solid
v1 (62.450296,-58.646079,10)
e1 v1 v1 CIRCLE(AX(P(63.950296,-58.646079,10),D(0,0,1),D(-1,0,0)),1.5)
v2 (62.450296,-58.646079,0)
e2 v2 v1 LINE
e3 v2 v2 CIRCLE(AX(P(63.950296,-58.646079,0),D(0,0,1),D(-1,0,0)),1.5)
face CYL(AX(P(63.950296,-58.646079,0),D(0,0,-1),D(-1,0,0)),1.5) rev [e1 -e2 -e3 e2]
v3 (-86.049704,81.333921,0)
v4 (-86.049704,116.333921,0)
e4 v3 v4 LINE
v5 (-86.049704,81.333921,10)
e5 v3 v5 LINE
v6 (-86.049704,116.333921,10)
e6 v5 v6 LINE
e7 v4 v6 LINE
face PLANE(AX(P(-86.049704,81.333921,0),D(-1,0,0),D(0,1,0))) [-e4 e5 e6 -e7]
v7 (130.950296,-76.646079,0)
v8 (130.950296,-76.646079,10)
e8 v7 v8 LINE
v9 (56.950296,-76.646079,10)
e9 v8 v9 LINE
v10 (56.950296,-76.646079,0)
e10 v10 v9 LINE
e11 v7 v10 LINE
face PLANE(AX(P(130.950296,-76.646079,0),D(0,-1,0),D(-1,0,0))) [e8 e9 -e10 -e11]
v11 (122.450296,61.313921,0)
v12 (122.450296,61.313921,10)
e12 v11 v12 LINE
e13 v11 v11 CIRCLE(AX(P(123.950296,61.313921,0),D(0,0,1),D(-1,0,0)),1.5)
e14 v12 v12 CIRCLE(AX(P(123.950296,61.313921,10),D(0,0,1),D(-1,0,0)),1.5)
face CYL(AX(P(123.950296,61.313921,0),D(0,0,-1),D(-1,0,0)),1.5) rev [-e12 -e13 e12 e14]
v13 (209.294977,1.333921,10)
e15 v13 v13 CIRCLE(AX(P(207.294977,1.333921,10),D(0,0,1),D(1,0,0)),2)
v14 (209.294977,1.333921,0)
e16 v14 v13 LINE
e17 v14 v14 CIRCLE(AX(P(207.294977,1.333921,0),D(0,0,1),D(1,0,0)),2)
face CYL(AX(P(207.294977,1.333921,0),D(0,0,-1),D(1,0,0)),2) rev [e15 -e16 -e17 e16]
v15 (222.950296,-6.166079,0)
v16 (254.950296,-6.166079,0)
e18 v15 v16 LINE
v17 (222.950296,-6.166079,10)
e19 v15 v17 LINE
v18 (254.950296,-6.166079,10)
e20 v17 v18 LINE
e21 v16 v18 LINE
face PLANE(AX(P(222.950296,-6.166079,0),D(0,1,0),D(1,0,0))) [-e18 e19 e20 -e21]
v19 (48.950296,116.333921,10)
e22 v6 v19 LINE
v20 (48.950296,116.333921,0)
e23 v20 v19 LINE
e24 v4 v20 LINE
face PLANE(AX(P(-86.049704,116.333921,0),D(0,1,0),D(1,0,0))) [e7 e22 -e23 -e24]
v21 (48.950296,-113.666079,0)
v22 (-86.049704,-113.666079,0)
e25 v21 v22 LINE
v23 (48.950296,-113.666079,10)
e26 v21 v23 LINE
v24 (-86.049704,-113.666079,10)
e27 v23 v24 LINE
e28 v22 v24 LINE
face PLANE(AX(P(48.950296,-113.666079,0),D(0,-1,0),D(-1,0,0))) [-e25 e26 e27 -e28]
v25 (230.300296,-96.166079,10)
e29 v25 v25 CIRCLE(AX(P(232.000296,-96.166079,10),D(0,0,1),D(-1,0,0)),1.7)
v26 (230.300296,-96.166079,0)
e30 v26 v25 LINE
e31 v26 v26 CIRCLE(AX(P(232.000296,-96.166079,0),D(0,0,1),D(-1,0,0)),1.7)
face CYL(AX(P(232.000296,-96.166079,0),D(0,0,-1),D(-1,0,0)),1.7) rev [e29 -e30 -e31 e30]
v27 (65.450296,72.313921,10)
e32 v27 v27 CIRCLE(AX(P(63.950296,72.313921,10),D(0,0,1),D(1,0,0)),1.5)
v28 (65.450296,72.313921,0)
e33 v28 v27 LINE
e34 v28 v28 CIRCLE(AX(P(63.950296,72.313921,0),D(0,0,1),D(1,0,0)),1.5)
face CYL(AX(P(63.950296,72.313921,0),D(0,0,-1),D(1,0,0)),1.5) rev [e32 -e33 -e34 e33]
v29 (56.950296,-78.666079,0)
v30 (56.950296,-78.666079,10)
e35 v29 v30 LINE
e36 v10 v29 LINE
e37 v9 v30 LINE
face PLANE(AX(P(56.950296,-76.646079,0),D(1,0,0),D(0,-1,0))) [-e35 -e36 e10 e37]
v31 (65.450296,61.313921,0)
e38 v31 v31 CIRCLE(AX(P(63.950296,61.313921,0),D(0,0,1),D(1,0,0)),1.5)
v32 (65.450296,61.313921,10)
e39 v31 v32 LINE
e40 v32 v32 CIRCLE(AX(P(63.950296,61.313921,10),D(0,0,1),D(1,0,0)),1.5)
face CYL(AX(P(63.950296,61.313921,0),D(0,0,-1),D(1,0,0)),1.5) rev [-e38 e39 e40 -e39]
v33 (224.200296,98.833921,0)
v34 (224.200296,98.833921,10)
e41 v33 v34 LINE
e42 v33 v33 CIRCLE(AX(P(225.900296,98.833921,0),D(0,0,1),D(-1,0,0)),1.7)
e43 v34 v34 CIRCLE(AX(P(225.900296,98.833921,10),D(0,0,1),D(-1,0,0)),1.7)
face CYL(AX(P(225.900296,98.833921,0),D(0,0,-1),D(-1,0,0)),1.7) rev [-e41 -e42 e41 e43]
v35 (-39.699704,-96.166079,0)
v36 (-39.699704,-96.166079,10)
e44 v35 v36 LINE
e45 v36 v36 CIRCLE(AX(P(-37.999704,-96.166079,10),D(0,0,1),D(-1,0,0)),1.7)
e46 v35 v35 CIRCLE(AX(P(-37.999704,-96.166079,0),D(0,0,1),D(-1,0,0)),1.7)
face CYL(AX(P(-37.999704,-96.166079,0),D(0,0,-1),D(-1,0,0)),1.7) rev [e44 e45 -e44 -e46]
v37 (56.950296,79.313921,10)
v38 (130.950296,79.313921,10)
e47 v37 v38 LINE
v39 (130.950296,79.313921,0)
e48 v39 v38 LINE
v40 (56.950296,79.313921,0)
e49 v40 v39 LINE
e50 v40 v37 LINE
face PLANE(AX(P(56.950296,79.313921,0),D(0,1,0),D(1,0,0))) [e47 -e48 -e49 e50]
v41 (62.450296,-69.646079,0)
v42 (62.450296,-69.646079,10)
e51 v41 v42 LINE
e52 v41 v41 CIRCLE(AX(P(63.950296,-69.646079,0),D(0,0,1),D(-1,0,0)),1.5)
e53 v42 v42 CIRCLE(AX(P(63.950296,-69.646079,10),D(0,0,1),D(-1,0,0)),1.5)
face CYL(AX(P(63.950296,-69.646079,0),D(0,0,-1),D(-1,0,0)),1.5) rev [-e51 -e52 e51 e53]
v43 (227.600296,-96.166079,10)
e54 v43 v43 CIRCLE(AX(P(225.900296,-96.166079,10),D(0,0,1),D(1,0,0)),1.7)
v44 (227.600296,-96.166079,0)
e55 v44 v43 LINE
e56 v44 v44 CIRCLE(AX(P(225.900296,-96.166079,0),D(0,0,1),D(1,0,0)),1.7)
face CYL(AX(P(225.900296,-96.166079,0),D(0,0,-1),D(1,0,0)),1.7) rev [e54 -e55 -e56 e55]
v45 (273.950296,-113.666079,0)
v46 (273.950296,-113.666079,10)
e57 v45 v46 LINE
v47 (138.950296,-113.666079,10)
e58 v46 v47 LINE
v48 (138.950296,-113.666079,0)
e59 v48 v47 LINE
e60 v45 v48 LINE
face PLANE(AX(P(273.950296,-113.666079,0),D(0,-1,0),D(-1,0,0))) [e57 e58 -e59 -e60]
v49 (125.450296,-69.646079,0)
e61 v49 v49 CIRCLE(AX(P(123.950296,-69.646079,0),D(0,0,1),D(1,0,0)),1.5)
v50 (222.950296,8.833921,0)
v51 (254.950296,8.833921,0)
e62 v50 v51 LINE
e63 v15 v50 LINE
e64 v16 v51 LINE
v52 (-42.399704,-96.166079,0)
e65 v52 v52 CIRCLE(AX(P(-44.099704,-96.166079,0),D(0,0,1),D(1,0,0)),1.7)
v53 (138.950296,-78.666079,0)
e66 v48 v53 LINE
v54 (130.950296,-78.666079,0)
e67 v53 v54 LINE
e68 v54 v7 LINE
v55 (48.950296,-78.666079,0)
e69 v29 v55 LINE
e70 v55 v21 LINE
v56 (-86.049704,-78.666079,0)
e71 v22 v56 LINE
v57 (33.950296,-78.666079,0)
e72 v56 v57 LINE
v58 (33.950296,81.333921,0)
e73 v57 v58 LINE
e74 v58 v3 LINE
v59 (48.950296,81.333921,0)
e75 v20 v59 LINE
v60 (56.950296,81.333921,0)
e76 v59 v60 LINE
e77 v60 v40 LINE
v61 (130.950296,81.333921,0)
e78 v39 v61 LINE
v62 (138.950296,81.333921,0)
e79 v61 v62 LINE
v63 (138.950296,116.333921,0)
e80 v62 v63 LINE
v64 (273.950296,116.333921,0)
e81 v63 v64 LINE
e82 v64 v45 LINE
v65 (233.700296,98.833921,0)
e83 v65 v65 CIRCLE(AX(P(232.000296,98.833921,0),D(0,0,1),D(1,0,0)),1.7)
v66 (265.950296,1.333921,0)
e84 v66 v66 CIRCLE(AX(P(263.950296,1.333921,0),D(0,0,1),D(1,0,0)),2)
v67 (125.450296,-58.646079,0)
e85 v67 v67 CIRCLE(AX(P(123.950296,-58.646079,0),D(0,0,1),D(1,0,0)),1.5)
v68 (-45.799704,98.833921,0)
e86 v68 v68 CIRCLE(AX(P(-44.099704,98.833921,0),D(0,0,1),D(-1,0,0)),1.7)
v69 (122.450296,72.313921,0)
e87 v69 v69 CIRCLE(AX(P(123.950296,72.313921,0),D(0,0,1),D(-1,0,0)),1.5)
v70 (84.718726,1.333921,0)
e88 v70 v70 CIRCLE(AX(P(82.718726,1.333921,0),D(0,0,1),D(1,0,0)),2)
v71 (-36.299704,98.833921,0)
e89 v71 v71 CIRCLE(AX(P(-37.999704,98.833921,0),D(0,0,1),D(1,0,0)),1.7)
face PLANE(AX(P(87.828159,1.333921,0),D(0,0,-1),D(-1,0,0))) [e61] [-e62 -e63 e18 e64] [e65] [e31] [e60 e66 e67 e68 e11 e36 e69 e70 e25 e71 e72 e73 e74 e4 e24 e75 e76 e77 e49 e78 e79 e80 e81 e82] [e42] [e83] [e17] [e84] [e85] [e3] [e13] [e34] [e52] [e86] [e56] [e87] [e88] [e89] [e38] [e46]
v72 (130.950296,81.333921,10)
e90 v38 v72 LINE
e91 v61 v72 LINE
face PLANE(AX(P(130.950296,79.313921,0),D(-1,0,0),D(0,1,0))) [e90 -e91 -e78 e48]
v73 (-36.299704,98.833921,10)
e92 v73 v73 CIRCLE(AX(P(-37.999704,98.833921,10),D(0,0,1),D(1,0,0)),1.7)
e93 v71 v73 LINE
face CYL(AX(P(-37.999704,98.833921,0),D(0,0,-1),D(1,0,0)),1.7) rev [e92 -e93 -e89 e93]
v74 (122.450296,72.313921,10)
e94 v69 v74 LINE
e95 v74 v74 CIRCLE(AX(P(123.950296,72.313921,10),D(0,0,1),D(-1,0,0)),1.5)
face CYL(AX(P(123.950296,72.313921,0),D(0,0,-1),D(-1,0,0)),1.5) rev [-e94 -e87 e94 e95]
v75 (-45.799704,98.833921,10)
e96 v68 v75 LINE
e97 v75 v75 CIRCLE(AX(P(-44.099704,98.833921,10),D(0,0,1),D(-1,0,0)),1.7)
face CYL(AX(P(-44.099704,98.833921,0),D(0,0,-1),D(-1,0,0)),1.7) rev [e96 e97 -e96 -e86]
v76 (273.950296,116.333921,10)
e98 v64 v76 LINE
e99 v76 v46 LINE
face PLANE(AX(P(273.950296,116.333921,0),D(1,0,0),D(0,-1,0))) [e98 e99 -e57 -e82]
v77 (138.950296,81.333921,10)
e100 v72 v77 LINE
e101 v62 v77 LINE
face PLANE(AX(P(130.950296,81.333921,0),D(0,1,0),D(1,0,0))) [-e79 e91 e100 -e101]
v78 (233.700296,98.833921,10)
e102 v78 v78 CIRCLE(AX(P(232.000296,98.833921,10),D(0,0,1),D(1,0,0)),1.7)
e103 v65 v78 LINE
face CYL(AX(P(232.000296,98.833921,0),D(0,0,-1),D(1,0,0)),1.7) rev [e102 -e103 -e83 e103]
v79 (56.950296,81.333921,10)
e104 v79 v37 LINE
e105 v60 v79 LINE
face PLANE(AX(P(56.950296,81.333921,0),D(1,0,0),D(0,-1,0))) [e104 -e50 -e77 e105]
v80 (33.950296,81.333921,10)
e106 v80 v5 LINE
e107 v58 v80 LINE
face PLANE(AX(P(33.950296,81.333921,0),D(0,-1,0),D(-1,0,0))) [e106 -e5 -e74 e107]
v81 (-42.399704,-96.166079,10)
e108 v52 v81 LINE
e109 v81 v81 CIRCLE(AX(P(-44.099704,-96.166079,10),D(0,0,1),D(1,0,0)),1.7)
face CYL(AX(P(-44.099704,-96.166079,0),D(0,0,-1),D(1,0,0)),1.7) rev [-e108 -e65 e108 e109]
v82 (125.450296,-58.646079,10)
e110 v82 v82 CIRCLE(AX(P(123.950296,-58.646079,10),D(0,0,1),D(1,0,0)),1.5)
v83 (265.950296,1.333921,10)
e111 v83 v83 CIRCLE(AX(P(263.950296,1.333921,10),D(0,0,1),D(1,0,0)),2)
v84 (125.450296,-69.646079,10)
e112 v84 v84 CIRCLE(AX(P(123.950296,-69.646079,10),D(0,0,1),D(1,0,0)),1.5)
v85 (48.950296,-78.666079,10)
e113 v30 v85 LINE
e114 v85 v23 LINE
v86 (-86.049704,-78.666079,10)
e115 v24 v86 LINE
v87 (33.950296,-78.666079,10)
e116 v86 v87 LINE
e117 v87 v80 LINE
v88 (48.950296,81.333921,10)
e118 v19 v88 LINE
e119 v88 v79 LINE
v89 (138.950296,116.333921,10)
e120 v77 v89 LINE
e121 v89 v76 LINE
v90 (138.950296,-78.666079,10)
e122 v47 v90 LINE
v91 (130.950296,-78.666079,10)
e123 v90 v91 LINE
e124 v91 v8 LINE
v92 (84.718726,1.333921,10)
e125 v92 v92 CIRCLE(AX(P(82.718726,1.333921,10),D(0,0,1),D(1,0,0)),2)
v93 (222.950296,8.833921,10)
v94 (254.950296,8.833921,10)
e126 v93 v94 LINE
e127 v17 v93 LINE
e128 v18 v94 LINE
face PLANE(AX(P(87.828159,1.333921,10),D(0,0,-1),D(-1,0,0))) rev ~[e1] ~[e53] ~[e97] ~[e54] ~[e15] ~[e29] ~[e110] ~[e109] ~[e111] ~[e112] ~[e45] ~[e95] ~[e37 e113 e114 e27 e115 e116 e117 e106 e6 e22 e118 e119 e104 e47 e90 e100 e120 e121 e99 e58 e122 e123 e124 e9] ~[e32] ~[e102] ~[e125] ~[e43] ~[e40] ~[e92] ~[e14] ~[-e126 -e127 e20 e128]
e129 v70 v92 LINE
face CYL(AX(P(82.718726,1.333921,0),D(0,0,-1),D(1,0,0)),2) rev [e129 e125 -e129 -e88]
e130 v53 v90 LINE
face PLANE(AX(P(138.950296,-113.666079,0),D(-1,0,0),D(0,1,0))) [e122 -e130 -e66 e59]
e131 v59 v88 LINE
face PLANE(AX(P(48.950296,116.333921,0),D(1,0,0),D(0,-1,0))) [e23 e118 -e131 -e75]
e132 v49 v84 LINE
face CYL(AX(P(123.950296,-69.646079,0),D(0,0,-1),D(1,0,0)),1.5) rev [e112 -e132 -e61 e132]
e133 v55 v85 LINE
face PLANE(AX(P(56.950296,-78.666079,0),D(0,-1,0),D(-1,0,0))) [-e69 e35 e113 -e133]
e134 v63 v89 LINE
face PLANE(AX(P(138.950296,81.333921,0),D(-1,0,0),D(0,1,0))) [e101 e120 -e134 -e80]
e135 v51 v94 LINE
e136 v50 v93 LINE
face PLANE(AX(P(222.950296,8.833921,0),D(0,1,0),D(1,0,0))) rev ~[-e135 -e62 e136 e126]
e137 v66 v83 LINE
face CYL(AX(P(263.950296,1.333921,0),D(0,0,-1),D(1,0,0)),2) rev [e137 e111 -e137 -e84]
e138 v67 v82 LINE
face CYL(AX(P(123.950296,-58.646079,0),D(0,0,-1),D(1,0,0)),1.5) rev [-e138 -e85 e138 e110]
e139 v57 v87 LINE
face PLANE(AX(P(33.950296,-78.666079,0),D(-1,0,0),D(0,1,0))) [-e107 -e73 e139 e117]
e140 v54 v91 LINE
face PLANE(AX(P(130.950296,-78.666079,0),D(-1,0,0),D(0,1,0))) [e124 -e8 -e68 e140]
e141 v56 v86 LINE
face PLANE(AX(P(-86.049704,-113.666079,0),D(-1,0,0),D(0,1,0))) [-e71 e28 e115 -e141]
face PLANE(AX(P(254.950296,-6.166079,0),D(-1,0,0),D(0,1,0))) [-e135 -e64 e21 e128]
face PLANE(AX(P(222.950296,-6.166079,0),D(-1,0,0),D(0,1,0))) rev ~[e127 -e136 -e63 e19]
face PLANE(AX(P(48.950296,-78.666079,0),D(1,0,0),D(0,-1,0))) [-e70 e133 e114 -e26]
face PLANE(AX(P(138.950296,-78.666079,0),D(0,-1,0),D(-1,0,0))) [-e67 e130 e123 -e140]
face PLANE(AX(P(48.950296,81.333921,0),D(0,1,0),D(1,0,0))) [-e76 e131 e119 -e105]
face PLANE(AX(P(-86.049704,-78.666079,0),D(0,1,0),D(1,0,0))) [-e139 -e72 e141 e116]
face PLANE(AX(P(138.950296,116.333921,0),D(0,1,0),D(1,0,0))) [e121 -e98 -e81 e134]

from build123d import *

# Parameters (mm, degrees)
SKETCH1_R           = 1.5
SKETCH1_R_2         = 1.7
SKETCH1_R_3         = 2
SKETCH1_W           = 32
SKETCH1_H           = 15
BOSS_EXTRUDE1_DEPTH = 10


with BuildPart() as part:
    # Sketch1 → Boss-Extrude1 (new body)
    with BuildSketch(Plane.XY):
        Polygon((-86.049704166, 116.333921241), (48.950295834, 116.333921241), (48.950295834, 81.333921241), (56.950295834, 81.333921241), (56.950295834, 79.313921241), (130.950295834, 79.313921241), (130.950295834, 81.333921241), (138.950295834, 81.333921241), (138.950295834, 116.333921241), (273.950295834, 116.333921241), (273.950295834, -113.666078759), (138.950295834, -113.666078759), (138.950295834, -78.666078759), (130.950295834, -78.666078759), (130.950295834, -76.646078759), (56.950295834, -76.646078759), (56.950295834, -78.666078759), (48.950295834, -78.666078759), (48.950295834, -113.666078759), (-86.049704166, -113.666078759), (-86.049704166, -78.666078759), (33.950295834, -78.666078759), (33.950295834, 81.333921241), (-86.049704166, 81.333921241), align=None)
        with Locations((63.950295834, 72.313921241)):
            Circle(SKETCH1_R, mode=Mode.SUBTRACT)
        with Locations((63.950295834, 61.313921241)):
            Circle(SKETCH1_R, mode=Mode.SUBTRACT)
        with Locations(Location((123.950295834, 72.313921241, 0), (0, 0, 180))):
            Circle(SKETCH1_R, mode=Mode.SUBTRACT)
        with Locations(Location((123.950295834, 61.313921241, 0), (0, 0, 180))):
            Circle(SKETCH1_R, mode=Mode.SUBTRACT)
        with Locations(Location((63.950295834, -69.646078759, 0), (0, 0, 180))):
            Circle(SKETCH1_R, mode=Mode.SUBTRACT)
        with Locations(Location((63.950295834, -58.646078759, 0), (0, 0, 180))):
            Circle(SKETCH1_R, mode=Mode.SUBTRACT)
        with Locations((123.950295834, -69.646078759)):
            Circle(SKETCH1_R, mode=Mode.SUBTRACT)
        with Locations((123.950295834, -58.646078759)):
            Circle(SKETCH1_R, mode=Mode.SUBTRACT)
        with Locations((-44.099704166, -96.166078759)):
            Circle(SKETCH1_R_2, mode=Mode.SUBTRACT)
        with Locations(Location((-37.999704166, -96.166078759, 0), (0, 0, 180))):
            Circle(SKETCH1_R_2, mode=Mode.SUBTRACT)
        with Locations(Location((-44.099704166, 98.833921241, 0), (0, 0, 180))):
            Circle(SKETCH1_R_2, mode=Mode.SUBTRACT)
        with Locations((-37.999704166, 98.833921241)):
            Circle(SKETCH1_R_2, mode=Mode.SUBTRACT)
        with Locations(Location((232.000295834, -96.166078759, 0), (0, 0, 180))):
            Circle(SKETCH1_R_2, mode=Mode.SUBTRACT)
        with Locations((225.900295834, -96.166078759)):
            Circle(SKETCH1_R_2, mode=Mode.SUBTRACT)
        with Locations(Location((225.900295834, 98.833921241, 0), (0, 0, 180))):
            Circle(SKETCH1_R_2, mode=Mode.SUBTRACT)
        with Locations((232.000295834, 98.833921241)):
            Circle(SKETCH1_R_2, mode=Mode.SUBTRACT)
        with Locations((82.718725704, 1.333921241)):
            Circle(SKETCH1_R_3, mode=Mode.SUBTRACT)
        with Locations((207.29497673, 1.333921241)):
            Circle(SKETCH1_R_3, mode=Mode.SUBTRACT)
        with Locations((263.950295834, 1.333921241)):
            Circle(SKETCH1_R_3, mode=Mode.SUBTRACT)
        with Locations((238.950295834, 1.333921241)):
            Rectangle(SKETCH1_W, SKETCH1_H, mode=Mode.SUBTRACT)
    extrude(amount=BOSS_EXTRUDE1_DEPTH)


solid = part.part
